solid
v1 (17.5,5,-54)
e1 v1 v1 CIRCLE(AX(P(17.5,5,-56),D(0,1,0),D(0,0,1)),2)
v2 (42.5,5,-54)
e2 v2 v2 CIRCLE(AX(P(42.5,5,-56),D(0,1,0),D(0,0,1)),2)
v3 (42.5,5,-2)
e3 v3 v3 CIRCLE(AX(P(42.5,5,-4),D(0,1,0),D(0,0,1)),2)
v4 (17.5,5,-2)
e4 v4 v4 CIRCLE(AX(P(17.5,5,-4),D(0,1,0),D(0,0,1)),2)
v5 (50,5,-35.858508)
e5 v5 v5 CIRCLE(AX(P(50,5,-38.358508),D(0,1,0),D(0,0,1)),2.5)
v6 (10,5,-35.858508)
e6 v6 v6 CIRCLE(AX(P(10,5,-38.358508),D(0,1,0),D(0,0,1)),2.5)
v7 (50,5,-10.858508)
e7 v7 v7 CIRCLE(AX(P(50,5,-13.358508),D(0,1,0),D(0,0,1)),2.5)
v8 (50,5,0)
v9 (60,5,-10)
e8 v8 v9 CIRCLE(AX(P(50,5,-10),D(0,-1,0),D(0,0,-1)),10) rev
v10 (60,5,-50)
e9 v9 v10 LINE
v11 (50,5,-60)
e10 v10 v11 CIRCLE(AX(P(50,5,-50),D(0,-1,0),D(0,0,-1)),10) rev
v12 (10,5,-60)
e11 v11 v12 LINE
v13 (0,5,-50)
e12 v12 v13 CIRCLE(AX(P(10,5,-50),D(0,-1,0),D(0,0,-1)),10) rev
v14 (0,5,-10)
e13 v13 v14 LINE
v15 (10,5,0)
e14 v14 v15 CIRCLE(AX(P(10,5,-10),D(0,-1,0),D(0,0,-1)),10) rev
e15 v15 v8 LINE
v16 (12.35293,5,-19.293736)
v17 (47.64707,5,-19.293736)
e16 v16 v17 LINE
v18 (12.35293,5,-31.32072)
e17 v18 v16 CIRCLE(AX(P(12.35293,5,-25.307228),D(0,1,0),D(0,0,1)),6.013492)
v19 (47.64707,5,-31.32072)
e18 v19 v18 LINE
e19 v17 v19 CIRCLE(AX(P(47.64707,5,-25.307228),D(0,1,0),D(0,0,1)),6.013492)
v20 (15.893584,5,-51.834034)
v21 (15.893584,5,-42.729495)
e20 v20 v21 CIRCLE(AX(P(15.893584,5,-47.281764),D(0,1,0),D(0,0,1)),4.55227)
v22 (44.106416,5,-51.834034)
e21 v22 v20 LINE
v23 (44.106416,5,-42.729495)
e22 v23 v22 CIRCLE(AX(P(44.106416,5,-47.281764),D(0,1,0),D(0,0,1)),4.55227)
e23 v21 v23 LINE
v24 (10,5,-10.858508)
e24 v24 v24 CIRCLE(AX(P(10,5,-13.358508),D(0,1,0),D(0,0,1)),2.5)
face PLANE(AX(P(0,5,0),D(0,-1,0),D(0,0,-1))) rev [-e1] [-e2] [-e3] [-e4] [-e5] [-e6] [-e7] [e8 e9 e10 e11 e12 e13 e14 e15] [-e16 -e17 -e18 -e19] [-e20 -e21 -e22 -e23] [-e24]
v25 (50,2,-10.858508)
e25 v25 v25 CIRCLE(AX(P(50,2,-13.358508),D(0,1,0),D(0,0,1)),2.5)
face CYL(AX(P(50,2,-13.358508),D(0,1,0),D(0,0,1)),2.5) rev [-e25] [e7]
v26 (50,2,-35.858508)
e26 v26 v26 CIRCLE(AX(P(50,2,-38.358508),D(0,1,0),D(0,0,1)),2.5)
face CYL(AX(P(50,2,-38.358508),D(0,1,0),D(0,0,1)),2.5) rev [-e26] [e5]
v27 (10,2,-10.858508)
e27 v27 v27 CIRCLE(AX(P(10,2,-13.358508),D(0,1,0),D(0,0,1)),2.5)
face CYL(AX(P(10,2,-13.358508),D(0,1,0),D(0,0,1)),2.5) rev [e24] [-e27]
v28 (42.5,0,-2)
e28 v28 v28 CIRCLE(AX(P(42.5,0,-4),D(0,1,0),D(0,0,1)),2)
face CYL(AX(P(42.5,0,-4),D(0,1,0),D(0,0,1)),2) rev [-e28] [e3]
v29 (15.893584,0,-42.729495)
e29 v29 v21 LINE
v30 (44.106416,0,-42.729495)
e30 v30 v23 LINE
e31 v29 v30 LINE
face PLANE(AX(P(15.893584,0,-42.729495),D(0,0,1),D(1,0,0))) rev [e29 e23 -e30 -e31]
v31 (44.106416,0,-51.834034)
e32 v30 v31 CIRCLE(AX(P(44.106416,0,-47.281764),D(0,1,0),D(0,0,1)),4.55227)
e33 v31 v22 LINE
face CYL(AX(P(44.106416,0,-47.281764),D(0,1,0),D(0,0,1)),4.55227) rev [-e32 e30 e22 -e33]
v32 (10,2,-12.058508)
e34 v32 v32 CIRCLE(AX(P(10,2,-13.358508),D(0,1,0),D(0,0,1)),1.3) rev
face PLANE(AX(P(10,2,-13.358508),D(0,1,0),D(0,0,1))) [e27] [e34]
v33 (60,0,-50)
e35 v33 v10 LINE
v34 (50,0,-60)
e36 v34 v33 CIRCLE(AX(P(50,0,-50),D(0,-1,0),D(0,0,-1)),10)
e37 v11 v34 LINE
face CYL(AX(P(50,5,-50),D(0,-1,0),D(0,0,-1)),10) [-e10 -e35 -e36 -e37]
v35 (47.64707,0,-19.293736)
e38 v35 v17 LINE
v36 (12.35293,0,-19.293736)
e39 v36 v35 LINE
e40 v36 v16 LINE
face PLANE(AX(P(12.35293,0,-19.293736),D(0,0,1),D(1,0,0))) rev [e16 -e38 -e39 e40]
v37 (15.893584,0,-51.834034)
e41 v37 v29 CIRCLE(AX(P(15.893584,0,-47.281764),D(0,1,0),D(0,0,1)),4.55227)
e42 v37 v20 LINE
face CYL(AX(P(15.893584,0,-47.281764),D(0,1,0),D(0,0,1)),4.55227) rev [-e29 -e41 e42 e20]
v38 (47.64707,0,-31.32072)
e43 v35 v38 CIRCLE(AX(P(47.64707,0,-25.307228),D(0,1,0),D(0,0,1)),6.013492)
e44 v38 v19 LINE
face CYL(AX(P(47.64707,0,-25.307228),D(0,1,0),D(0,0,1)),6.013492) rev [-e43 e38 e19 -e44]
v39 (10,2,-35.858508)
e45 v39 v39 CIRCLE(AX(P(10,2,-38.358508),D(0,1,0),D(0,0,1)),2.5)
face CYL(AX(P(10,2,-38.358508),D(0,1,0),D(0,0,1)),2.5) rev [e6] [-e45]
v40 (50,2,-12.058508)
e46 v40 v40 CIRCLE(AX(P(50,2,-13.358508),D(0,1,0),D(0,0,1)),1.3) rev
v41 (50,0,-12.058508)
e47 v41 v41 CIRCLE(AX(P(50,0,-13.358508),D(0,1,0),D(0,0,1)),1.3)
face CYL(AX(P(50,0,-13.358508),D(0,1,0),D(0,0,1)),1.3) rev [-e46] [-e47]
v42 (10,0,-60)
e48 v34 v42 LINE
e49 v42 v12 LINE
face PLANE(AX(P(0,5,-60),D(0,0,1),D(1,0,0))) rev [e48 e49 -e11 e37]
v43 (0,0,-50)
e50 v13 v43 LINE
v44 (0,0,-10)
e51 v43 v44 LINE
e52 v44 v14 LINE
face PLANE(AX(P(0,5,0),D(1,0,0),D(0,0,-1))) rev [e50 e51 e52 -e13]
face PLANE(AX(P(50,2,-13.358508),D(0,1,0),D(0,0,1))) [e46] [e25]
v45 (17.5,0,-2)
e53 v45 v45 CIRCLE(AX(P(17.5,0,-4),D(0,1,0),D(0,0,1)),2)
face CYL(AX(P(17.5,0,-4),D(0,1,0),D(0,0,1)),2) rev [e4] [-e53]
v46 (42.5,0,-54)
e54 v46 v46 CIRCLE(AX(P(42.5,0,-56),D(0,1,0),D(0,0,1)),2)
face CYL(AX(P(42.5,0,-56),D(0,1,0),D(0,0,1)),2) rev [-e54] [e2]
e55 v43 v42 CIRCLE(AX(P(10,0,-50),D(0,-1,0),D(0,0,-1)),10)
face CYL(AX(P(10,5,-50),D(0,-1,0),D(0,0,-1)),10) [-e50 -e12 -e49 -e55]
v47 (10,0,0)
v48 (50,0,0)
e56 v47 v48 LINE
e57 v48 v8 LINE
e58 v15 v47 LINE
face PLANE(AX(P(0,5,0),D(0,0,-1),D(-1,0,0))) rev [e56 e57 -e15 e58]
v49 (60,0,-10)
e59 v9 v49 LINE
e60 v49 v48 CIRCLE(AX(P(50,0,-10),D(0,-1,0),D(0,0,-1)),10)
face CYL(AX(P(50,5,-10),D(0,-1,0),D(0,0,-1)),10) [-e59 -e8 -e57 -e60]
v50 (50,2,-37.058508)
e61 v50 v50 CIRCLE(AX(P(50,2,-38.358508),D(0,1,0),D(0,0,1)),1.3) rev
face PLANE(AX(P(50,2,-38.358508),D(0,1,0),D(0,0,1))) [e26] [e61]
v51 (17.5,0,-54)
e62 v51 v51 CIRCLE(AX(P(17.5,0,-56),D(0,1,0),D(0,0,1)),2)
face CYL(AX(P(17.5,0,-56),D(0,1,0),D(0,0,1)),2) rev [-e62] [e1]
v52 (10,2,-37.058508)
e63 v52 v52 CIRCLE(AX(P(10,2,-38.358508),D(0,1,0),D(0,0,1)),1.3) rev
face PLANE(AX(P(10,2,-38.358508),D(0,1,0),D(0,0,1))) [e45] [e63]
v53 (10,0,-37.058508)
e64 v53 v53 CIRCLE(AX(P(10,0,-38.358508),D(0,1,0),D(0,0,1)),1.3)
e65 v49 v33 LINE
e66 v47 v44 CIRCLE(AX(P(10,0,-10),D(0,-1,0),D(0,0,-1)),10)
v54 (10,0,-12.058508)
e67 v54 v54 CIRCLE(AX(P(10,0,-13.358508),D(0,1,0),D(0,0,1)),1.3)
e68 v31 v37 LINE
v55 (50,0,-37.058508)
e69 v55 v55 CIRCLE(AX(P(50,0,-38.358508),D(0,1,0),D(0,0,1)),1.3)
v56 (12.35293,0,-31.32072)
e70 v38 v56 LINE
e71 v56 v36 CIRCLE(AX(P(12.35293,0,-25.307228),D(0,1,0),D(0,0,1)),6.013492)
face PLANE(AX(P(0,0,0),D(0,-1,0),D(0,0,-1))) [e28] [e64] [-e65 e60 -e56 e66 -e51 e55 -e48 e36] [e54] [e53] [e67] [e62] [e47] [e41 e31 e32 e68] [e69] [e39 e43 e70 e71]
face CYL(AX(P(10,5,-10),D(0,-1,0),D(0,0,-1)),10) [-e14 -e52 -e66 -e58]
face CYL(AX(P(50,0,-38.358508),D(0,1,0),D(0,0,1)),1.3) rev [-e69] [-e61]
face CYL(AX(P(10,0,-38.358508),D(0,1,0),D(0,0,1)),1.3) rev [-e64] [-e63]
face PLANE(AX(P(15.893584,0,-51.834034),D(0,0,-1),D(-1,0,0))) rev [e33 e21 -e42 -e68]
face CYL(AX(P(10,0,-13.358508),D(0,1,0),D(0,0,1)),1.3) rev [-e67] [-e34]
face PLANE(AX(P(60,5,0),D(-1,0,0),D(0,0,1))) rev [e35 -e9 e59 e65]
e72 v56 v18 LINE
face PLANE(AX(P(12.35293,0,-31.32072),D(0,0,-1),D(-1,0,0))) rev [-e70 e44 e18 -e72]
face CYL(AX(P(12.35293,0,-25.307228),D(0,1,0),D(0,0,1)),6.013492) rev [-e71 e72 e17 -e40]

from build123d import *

# Parameters (mm, degrees)
ESQUISSE1_W             = 60
ESQUISSE1_H             = 60
BOSS_EXTRU_1_DEPTH      = 5
ESQUISSE2_R             = 2
ESQUISSE2_R_2           = 1.3
ENL_V_MAT_EXTRU_1_DEPTH = 86
ESQUISSE4_R             = 2.5
ENL_V_MAT_EXTRU_2_DEPTH = 3
CONG_1_R                = 10
ENL_V_MAT_EXTRU_4_DEPTH = 86


with BuildPart() as part:
    # Esquisse1 → Boss.-Extru.1 (new body)
    with BuildSketch(Plane(origin=(0, 0, 0), x_dir=(1, 0, 0), z_dir=(0, 1, 0))):
        with Locations((30, 30)):
            Rectangle(ESQUISSE1_W, ESQUISSE1_H)
    extrude(amount=BOSS_EXTRU_1_DEPTH)

    # Esquisse2 → Enlèv. mat.-Extru.1 (cut, through all)
    with BuildSketch(Plane(origin=(0, 5, 0), x_dir=(1, 0, 0), z_dir=(0, 1, 0))):
        with Locations(Location((17.5, 56, 0), (0, 0, 270))):
            Circle(ESQUISSE2_R)
        with Locations(Location((17.5, 4, 0), (0, 0, 270))):
            Circle(ESQUISSE2_R)
        with Locations(Location((42.5, 4, 0), (0, 0, 270))):
            Circle(ESQUISSE2_R)
        with Locations(Location((42.5, 56, 0), (0, 0, 270))):
            Circle(ESQUISSE2_R)
        with Locations(Location((10, 38.358507613, 0), (0, 0, 270))):
            Circle(ESQUISSE2_R_2)
        with Locations(Location((10, 13.358507613, 0), (0, 0, 270))):
            Circle(ESQUISSE2_R_2)
        with Locations(Location((50, 13.358507613, 0), (0, 0, 270))):
            Circle(ESQUISSE2_R_2)
        with Locations(Location((50, 38.358507613, 0), (0, 0, 270))):
            Circle(ESQUISSE2_R_2)
    extrude(amount=-ENL_V_MAT_EXTRU_1_DEPTH, mode=Mode.SUBTRACT)

    # Esquisse4 → Enlèv. mat.-Extru.2 (cut)
    with BuildSketch(Plane(origin=(0, 5, 0), x_dir=(1, 0, 0), z_dir=(0, 1, 0))):
        with Locations(Location((10, 38.358507613, 0), (0, 0, 270))):
            Circle(ESQUISSE4_R)
        with Locations(Location((10, 13.358507613, 0), (0, 0, 270))):
            Circle(ESQUISSE4_R)
        with Locations(Location((50, 13.358507613, 0), (0, 0, 270))):
            Circle(ESQUISSE4_R)
        with Locations(Location((50, 38.358507613, 0), (0, 0, 270))):
            Circle(ESQUISSE4_R)
    extrude(amount=-ENL_V_MAT_EXTRU_2_DEPTH, mode=Mode.SUBTRACT)

    # Congé1
    cong_1_edges = [part.edges().sort_by_distance(p)[0] for p in [
        (0, 2.5, -60),
        (60, 2.5, -60),
        (60, 2.5, 0),
        (0, 2.5, 0),
    ]]
    fillet(cong_1_edges, radius=CONG_1_R)

    # Esquisse6 → Enlèv. mat.-Extru.4 (cut, through all)
    with BuildSketch(Plane(origin=(0, 5, 0), x_dir=(1, 0, 0), z_dir=(0, 1, 0))):
        with BuildLine():
            Line((15.893584332, 51.834033813), (44.106415668, 51.834033813))
            ThreePointArc((44.106415668, 51.834033813), (48.658685267, 47.281764215), (44.106415668, 42.729494617))
            Line((44.106415668, 42.729494617), (15.893584332, 42.729494617))
            ThreePointArc((15.893584332, 42.729494617), (11.341314733, 47.281764215), (15.893584332, 51.834033813))
        make_face()
        with BuildLine():
            Line((12.3529302, 31.320720192), (47.6470698, 31.320720192))
            ThreePointArc((47.6470698, 31.320720192), (53.660561739, 25.307228254), (47.6470698, 19.293736315))
            Line((47.6470698, 19.293736315), (12.3529302, 19.293736315))
            ThreePointArc((12.3529302, 19.293736315), (6.339438261, 25.307228254), (12.3529302, 31.320720192))
        make_face()
    extrude(amount=-ENL_V_MAT_EXTRU_4_DEPTH, mode=Mode.SUBTRACT)


solid = part.part
